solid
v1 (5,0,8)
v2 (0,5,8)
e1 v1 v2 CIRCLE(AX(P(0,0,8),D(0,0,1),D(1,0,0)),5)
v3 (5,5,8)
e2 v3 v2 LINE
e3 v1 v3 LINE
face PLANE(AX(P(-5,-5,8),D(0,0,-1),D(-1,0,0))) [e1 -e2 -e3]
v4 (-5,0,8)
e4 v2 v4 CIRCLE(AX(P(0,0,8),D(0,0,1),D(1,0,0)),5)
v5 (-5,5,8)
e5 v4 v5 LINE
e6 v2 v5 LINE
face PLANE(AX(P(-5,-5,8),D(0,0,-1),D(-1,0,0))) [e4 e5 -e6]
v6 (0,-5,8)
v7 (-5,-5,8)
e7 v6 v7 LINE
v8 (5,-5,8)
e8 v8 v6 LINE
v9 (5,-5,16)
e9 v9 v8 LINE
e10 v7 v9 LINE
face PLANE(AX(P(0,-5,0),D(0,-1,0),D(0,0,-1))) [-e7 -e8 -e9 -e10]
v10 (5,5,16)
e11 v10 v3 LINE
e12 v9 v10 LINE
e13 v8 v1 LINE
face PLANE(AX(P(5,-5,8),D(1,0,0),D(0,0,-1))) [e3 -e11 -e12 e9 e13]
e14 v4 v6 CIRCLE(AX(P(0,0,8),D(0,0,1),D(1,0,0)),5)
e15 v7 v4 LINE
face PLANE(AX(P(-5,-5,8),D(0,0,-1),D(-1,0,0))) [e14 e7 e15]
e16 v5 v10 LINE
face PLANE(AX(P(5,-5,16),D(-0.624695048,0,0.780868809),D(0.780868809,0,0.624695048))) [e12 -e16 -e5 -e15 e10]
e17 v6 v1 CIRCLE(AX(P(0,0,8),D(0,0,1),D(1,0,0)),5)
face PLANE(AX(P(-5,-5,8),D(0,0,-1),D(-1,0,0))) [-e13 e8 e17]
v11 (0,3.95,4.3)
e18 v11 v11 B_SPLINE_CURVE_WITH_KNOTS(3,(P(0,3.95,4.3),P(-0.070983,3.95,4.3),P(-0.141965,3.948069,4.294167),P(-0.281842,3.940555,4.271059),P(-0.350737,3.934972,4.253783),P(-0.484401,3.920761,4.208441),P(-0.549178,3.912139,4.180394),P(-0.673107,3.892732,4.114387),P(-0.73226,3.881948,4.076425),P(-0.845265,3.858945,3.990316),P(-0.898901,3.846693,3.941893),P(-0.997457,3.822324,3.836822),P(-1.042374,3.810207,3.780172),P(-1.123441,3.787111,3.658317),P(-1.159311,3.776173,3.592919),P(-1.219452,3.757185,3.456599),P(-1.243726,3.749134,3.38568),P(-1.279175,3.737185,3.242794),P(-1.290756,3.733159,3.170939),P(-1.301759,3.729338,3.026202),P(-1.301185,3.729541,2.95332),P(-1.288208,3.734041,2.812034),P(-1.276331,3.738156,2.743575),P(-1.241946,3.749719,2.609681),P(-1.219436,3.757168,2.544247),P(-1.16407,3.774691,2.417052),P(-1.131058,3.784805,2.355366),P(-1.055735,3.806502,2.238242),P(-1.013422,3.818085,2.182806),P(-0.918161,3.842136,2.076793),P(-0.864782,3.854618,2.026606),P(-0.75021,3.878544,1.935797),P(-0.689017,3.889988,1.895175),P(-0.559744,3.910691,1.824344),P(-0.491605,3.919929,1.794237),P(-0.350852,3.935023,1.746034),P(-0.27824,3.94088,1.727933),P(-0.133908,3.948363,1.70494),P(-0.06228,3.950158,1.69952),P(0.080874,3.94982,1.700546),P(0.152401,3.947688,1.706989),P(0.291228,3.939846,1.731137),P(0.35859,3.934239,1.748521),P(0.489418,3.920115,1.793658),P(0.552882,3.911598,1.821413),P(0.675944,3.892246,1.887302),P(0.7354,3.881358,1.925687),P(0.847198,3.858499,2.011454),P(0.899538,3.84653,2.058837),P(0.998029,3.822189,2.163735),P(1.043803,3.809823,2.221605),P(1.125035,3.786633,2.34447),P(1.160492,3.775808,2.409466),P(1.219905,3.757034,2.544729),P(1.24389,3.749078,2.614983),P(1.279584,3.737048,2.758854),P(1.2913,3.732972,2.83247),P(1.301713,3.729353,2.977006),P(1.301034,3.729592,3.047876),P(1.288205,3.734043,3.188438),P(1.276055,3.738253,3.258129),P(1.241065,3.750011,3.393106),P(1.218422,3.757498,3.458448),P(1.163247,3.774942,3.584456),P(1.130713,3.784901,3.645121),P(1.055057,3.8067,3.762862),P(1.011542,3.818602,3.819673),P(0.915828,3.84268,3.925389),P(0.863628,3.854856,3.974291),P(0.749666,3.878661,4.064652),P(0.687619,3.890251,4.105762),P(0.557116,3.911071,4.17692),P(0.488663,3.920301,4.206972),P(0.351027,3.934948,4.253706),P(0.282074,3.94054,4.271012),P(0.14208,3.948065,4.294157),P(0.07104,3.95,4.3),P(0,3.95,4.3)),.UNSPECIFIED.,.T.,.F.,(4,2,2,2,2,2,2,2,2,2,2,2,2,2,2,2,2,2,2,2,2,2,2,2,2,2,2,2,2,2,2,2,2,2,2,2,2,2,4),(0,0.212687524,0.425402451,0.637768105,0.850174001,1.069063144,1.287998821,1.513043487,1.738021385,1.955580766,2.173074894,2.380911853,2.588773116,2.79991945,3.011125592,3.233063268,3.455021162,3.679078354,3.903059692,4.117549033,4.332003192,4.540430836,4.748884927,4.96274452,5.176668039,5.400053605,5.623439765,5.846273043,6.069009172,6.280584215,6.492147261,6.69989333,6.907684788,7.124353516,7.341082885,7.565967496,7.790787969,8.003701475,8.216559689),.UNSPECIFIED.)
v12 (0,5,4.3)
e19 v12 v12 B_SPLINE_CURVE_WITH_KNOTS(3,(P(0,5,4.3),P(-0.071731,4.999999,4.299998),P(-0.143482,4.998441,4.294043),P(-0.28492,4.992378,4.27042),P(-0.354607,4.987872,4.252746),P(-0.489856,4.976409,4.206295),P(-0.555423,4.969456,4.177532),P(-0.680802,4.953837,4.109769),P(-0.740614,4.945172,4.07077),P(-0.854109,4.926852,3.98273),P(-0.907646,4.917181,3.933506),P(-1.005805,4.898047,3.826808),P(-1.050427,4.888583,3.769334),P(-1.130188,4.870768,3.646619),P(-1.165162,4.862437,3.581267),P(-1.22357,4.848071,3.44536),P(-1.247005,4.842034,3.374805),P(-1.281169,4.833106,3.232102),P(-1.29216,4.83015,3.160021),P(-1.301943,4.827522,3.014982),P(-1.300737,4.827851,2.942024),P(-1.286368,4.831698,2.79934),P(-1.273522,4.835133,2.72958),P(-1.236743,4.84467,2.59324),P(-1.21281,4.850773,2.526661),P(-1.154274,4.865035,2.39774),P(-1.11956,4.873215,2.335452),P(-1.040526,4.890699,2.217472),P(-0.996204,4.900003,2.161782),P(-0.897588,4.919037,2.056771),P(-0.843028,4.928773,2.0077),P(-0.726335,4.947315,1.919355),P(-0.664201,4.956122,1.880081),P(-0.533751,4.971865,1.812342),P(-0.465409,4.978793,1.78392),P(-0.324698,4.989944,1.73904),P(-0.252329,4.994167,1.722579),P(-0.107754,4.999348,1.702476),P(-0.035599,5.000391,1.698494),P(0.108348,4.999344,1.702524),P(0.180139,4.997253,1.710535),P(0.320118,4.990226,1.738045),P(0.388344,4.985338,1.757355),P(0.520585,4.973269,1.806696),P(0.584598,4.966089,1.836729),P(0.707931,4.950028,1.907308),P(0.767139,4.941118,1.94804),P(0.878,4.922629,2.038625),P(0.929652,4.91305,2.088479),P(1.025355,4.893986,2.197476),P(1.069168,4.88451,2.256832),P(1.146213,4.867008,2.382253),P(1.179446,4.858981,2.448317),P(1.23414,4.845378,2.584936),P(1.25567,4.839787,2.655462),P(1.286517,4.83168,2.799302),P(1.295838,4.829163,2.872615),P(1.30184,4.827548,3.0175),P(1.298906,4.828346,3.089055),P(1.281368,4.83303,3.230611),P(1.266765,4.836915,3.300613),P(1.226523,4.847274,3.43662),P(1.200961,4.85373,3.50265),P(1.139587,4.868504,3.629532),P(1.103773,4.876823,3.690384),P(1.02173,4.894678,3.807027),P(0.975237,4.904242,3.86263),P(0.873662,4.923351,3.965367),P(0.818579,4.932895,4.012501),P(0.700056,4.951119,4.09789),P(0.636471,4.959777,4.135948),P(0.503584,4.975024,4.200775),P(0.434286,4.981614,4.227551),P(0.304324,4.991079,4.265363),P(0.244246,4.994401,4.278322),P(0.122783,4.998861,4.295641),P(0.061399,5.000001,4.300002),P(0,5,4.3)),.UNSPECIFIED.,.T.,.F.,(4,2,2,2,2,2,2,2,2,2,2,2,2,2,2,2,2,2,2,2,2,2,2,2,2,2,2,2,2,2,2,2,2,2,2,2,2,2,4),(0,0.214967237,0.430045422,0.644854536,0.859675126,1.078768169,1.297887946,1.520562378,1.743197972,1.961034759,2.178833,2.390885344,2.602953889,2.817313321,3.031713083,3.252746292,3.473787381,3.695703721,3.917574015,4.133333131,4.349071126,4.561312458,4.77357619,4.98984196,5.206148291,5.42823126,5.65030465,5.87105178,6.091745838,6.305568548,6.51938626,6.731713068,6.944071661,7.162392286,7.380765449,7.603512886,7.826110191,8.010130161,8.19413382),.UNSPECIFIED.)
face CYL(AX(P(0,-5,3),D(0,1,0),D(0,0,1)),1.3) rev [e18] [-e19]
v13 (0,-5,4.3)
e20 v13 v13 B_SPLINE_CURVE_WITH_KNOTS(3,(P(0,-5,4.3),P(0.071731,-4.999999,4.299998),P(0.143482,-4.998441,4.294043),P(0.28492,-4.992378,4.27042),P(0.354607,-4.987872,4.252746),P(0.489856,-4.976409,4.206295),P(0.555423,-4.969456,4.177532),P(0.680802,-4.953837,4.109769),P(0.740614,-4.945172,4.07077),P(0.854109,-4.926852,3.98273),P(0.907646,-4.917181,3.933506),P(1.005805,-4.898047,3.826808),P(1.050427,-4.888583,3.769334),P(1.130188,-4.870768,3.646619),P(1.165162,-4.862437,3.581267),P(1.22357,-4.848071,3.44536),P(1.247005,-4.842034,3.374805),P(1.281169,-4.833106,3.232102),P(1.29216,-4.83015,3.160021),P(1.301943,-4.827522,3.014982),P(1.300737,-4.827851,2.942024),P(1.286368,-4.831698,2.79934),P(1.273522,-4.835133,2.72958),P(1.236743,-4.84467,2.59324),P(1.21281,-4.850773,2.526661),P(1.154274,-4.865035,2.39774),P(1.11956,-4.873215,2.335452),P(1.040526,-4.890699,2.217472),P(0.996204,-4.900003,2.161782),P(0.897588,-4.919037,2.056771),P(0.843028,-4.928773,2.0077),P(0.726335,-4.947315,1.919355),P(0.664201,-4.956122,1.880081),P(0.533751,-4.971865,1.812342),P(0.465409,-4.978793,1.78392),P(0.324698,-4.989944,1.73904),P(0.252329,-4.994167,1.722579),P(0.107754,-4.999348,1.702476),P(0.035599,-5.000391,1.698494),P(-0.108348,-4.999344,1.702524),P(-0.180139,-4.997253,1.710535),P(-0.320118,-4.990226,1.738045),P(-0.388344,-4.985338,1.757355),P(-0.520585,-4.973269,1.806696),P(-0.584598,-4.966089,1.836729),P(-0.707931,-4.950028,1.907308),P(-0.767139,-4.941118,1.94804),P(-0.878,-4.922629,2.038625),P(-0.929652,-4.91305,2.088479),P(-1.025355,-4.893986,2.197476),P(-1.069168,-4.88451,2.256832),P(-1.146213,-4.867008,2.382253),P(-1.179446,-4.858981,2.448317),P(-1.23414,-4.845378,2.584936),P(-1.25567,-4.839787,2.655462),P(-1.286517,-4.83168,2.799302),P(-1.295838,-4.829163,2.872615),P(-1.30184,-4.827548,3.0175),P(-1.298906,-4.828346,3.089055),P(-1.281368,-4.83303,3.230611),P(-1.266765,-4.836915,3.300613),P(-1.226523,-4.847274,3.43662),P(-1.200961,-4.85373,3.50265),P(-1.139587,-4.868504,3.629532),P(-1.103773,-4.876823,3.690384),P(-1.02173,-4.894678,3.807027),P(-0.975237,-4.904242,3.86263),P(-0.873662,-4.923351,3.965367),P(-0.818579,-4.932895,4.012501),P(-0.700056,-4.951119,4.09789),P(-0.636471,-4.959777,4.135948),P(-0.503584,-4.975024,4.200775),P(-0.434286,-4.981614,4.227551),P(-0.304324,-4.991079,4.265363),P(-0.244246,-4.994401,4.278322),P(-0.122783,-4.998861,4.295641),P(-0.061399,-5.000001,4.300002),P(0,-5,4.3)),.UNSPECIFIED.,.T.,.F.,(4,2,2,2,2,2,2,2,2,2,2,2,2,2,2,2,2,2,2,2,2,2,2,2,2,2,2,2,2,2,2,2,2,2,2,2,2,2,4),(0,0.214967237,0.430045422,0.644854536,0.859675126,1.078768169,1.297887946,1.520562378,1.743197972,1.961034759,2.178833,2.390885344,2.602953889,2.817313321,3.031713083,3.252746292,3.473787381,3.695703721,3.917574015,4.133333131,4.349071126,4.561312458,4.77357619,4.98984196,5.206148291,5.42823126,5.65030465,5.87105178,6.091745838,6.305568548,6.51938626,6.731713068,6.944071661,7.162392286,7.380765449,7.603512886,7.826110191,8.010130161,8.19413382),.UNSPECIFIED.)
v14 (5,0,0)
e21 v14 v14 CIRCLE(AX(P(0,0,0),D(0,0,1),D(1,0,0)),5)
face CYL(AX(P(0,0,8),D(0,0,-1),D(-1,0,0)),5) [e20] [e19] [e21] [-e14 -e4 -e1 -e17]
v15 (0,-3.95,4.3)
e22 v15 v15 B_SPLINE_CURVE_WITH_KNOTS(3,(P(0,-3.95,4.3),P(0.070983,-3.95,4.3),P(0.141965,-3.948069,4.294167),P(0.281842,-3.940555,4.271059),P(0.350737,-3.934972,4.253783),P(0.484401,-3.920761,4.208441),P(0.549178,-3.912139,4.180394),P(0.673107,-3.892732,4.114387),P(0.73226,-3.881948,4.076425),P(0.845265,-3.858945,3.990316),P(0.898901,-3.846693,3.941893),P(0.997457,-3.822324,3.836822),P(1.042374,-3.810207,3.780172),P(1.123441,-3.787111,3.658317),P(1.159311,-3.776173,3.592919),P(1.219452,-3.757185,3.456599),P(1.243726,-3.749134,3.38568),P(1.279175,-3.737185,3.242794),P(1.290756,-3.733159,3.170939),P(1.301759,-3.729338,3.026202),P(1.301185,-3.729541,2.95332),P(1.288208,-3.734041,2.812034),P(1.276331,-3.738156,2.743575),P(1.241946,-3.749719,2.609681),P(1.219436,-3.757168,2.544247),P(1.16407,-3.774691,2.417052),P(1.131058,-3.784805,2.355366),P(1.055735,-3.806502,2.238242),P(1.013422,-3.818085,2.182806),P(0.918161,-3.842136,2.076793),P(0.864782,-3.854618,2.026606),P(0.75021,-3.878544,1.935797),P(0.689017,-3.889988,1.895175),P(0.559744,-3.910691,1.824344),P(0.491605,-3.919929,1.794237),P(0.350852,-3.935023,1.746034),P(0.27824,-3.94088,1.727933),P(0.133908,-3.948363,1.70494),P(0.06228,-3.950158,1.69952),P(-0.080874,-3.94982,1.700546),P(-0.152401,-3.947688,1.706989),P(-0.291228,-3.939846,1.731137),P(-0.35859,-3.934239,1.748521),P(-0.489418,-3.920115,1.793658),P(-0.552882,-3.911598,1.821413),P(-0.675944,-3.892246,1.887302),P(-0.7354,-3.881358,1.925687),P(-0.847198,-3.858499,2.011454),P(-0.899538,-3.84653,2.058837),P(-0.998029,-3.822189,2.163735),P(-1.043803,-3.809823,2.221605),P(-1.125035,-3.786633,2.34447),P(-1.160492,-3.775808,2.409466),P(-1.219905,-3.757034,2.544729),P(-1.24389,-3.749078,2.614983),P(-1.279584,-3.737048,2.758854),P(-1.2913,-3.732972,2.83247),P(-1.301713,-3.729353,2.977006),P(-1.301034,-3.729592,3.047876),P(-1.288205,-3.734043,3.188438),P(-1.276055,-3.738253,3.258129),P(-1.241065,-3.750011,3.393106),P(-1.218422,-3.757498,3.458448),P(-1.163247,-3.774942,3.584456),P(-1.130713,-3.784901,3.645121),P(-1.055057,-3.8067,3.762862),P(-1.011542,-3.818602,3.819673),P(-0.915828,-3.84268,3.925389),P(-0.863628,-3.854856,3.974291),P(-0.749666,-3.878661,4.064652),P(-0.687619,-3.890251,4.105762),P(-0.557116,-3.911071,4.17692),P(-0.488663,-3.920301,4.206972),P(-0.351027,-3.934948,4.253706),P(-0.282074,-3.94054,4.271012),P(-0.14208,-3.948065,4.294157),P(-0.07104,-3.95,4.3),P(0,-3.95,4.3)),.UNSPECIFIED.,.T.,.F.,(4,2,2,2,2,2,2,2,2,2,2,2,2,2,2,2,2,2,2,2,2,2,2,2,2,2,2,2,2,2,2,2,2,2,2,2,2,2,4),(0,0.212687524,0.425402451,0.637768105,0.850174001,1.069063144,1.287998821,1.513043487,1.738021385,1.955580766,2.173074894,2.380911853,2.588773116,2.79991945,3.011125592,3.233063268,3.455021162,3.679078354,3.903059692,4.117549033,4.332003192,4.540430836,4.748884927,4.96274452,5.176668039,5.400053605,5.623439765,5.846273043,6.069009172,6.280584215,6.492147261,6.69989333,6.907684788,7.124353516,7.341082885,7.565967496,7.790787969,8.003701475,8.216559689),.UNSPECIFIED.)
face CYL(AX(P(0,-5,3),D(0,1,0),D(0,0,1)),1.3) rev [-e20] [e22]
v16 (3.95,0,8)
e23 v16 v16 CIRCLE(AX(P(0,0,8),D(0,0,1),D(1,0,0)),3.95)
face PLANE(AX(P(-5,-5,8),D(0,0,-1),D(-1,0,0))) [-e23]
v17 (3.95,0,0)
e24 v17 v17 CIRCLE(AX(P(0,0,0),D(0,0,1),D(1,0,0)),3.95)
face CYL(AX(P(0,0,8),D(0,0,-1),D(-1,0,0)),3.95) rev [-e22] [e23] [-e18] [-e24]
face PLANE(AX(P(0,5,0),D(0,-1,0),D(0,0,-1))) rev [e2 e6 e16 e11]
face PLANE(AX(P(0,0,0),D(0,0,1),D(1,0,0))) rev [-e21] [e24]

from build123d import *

# Parameters (mm, degrees)
SKETCH1_R                = 5
SKETCH1_R_2              = 3.95
BOSS_EXTRUDE1_DEPTH      = 8
BOSS_EXTRUDE2_DEPTH      = 5
BOSS_EXTRUDE2_DEPTH_BACK = 5
CUT_EXTRUDE1_DEPTH       = 18.492855685
CUT_EXTRUDE1_DEPTH_BACK  = 18.492855685
SKETCH4_R                = 1.3


with BuildPart() as part:
    # Sketch1 → Boss-Extrude1 (new body)
    with BuildSketch(Plane.XY):
        Circle(SKETCH1_R)
        Circle(SKETCH1_R_2, mode=Mode.SUBTRACT)
    extrude(amount=BOSS_EXTRUDE1_DEPTH)

    # Sketch3 → Boss-Extrude2 (add, two sides: drawn at the far end of the back side and taken through both)
    with BuildSketch(Plane(origin=(0, 0, 0), x_dir=(1, 0, 0), z_dir=(0, 1, 0)).offset(-BOSS_EXTRUDE2_DEPTH_BACK)):
        Polygon((5, -16), (-5, -8), (5, -8), align=None)
    extrude(amount=BOSS_EXTRUDE2_DEPTH + BOSS_EXTRUDE2_DEPTH_BACK)

    # Sketch4 → Cut-Extrude1 (cut, two sides: drawn at the far end of the back side and taken through both)
    with BuildSketch(Plane(origin=(0, 0, 0), x_dir=(1, 0, 0), z_dir=(0, 1, 0)).offset(-CUT_EXTRUDE1_DEPTH_BACK)):
        with Locations((0, -3)):
            Circle(SKETCH4_R)
    extrude(amount=CUT_EXTRUDE1_DEPTH + CUT_EXTRUDE1_DEPTH_BACK, mode=Mode.SUBTRACT)


solid = part.part
